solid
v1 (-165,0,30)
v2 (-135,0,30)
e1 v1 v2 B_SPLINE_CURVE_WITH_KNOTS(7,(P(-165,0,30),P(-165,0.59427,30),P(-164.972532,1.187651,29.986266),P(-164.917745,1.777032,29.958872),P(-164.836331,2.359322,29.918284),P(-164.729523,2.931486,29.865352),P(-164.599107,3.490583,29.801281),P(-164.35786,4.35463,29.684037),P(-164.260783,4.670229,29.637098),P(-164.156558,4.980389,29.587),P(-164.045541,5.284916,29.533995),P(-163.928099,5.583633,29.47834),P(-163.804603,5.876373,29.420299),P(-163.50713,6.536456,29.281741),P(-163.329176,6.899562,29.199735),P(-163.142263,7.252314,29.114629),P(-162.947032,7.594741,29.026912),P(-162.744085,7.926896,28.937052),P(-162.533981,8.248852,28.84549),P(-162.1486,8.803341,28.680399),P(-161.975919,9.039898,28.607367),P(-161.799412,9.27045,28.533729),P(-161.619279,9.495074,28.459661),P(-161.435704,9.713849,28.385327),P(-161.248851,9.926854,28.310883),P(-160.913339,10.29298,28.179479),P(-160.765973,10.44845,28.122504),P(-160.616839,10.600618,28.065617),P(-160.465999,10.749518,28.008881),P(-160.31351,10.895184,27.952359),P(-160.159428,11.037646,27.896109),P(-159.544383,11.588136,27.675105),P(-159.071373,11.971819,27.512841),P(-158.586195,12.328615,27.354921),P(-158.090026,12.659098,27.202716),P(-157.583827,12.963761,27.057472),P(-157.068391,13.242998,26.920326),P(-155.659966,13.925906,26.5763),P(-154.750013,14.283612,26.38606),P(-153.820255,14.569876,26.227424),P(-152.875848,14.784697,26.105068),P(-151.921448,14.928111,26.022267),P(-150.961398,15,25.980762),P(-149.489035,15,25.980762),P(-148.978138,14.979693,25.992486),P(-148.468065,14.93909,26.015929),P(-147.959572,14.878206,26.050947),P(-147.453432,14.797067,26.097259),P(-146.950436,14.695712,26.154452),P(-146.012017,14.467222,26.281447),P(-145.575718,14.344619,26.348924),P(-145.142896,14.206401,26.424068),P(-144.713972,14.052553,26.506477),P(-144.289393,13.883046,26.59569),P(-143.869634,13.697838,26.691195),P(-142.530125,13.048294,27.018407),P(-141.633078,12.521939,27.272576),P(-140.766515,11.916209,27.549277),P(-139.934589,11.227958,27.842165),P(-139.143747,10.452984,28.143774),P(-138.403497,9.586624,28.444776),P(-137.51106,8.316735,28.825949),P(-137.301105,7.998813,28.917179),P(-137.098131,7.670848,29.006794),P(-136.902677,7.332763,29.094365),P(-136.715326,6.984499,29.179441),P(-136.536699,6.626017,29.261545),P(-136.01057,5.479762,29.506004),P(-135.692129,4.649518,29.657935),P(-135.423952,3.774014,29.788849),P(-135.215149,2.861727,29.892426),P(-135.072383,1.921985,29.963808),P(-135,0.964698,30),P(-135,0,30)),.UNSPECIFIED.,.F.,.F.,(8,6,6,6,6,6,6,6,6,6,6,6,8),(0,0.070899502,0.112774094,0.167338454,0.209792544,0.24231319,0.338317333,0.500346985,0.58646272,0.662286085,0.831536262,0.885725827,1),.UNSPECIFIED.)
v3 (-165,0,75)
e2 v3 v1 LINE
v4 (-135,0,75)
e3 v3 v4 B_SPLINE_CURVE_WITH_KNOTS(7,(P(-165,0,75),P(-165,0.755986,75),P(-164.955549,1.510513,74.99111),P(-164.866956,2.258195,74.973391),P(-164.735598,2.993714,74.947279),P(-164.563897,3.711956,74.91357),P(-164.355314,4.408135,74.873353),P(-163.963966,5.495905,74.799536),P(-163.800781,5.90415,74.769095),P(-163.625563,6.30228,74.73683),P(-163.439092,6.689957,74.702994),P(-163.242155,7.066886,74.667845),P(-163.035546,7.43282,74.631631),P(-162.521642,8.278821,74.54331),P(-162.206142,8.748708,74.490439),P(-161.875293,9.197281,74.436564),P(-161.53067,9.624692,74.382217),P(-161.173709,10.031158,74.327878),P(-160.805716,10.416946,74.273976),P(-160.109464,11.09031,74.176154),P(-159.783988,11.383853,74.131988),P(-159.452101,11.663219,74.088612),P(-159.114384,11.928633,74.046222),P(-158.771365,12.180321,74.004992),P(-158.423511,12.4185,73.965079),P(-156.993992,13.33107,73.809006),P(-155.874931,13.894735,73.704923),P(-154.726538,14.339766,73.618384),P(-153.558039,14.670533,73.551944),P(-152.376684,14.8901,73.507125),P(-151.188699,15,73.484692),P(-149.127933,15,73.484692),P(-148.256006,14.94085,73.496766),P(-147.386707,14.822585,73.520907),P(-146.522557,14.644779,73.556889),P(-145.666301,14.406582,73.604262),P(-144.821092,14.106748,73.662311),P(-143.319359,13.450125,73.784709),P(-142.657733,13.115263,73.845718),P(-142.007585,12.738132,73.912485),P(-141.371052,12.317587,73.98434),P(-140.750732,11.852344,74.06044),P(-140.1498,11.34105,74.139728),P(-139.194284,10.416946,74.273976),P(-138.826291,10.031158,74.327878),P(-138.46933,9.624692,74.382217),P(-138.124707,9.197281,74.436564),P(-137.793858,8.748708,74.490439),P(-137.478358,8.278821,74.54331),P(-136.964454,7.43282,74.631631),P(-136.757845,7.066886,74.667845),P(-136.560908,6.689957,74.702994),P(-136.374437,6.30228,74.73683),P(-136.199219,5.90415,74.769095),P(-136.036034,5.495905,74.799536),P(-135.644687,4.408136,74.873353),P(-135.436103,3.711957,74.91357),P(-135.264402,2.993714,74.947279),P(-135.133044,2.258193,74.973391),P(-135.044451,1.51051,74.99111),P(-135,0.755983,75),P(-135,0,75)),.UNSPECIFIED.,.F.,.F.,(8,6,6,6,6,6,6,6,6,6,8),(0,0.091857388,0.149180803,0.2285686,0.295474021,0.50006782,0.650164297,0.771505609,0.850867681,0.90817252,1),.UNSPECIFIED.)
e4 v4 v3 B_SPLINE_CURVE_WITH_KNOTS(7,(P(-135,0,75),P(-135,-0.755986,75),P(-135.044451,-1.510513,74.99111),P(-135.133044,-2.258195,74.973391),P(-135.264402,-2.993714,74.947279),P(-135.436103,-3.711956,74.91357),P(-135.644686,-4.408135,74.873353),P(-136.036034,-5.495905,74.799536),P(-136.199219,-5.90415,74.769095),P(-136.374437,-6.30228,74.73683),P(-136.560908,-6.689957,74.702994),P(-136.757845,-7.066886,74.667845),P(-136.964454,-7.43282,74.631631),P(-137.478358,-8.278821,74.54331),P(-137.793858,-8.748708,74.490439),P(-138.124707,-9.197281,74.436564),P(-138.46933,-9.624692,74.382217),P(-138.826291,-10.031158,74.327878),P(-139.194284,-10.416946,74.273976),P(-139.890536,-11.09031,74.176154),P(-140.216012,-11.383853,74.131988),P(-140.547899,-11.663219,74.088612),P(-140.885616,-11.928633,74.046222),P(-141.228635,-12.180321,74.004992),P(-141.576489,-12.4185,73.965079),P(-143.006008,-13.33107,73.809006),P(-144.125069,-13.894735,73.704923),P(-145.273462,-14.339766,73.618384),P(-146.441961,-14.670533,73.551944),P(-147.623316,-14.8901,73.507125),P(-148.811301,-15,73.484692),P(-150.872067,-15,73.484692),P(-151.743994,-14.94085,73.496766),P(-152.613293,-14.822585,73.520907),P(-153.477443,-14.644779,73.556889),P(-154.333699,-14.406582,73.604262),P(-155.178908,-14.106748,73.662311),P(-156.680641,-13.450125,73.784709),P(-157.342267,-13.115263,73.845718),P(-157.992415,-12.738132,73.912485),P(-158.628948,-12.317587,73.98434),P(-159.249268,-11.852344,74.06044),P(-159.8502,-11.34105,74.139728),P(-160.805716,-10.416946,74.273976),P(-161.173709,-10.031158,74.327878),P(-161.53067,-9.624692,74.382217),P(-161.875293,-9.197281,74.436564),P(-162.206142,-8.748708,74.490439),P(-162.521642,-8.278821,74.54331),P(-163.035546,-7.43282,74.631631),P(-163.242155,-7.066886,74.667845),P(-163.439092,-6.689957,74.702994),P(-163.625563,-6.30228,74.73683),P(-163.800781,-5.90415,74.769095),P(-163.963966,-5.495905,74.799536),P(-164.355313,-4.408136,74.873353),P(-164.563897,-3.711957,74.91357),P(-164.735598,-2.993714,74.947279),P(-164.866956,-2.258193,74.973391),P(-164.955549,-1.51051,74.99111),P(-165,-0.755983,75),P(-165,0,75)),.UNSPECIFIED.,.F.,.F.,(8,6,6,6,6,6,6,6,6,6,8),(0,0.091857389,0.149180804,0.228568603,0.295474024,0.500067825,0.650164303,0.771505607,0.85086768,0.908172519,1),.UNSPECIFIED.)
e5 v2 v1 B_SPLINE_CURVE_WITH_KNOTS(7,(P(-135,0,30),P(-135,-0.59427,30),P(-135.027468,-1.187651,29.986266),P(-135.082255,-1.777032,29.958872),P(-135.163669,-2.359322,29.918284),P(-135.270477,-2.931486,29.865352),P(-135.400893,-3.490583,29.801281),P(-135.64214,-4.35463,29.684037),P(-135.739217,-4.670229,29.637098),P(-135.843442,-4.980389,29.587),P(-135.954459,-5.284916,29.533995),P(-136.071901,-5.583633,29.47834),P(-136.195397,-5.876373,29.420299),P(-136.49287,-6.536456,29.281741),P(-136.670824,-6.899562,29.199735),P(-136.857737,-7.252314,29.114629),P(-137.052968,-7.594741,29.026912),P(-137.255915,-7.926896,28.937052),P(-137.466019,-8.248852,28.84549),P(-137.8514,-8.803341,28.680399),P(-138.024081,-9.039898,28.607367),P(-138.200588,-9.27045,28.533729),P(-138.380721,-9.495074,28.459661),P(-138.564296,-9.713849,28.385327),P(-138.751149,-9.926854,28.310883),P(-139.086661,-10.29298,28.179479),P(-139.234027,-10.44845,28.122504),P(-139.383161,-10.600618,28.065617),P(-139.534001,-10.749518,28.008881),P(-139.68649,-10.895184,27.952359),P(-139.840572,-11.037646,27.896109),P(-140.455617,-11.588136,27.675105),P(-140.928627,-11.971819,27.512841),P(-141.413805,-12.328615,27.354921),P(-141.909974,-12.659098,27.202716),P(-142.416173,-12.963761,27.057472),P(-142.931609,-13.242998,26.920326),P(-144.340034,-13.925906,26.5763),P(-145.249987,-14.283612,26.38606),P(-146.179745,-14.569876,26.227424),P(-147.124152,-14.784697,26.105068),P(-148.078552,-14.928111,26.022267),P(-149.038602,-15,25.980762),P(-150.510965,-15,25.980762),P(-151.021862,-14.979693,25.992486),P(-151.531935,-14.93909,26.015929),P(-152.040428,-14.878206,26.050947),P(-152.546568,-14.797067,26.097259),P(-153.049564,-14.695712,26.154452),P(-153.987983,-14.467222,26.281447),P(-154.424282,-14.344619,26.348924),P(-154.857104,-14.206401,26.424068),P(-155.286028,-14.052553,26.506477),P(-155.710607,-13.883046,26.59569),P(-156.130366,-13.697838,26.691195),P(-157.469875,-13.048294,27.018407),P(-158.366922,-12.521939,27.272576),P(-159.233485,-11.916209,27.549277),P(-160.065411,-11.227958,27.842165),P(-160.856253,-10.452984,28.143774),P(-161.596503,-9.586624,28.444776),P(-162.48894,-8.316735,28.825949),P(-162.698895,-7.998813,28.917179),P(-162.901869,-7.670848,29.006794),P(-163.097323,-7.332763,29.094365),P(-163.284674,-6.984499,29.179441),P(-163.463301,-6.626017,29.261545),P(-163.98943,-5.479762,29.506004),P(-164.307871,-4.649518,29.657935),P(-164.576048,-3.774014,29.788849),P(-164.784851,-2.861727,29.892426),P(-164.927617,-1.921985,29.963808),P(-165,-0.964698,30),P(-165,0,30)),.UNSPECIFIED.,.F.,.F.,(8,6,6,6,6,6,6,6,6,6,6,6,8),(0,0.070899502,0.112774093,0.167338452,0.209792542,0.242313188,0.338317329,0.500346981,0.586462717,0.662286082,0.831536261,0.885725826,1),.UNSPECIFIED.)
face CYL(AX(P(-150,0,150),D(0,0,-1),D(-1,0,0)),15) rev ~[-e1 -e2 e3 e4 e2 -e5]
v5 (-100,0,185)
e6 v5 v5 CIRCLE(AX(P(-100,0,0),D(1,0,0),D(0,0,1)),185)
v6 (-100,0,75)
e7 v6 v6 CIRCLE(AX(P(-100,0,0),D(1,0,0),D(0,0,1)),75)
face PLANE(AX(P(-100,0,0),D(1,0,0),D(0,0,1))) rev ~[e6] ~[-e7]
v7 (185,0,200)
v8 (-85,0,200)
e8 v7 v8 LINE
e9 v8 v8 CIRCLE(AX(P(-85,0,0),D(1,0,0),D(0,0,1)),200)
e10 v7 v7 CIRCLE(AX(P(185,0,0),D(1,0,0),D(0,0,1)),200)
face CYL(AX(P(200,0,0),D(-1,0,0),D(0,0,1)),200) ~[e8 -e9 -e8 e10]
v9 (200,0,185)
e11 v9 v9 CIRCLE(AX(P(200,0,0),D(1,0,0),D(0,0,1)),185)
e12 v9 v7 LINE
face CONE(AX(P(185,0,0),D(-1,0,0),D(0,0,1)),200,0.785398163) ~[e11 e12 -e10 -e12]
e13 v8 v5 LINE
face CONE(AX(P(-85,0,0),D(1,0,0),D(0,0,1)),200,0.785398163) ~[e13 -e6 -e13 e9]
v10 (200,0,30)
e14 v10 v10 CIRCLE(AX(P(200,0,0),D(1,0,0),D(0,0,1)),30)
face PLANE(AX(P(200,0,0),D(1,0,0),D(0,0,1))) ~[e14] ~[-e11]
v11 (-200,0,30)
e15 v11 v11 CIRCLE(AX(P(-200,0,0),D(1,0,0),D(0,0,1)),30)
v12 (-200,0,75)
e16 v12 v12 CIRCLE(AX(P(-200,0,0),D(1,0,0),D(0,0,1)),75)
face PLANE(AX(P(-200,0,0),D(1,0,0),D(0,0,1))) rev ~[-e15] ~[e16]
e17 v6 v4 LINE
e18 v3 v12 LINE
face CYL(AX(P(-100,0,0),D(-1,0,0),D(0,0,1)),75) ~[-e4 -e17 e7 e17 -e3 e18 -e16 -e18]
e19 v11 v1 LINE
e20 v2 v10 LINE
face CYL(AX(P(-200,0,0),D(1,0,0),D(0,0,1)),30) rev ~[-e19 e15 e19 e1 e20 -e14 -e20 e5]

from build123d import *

# Parameters (mm, degrees)
F2_SIZE2 = 15
F2_SIZE  = 15
F5_D     = 30
F5_DEPTH = 75


with BuildPart() as f1:
    # F0 (on Front) → F1 (revolve)
    with BuildSketch(Plane.XZ):
        Polygon((-200, 30), (200, 30), (200, 200), (-100, 200), (-100, 75), (-200, 75), align=None)
    revolve(axis=Axis((14.209643, 0, 0), (1, 0, 0)))

    # F2
    f2_edges = [f1.edges().sort_by_distance(p)[0] for p in [
        (-100, 0, -200),
        (200, 0, -200),
    ]]
    chamfer(f2_edges, length=F2_SIZE, length2=F2_SIZE2)

    # F5
    with Locations(Plane.XY.offset(75)):
        with Locations((-150, 0)):
            Hole(F5_D / 2, depth=F5_DEPTH)


solid = f1.part
